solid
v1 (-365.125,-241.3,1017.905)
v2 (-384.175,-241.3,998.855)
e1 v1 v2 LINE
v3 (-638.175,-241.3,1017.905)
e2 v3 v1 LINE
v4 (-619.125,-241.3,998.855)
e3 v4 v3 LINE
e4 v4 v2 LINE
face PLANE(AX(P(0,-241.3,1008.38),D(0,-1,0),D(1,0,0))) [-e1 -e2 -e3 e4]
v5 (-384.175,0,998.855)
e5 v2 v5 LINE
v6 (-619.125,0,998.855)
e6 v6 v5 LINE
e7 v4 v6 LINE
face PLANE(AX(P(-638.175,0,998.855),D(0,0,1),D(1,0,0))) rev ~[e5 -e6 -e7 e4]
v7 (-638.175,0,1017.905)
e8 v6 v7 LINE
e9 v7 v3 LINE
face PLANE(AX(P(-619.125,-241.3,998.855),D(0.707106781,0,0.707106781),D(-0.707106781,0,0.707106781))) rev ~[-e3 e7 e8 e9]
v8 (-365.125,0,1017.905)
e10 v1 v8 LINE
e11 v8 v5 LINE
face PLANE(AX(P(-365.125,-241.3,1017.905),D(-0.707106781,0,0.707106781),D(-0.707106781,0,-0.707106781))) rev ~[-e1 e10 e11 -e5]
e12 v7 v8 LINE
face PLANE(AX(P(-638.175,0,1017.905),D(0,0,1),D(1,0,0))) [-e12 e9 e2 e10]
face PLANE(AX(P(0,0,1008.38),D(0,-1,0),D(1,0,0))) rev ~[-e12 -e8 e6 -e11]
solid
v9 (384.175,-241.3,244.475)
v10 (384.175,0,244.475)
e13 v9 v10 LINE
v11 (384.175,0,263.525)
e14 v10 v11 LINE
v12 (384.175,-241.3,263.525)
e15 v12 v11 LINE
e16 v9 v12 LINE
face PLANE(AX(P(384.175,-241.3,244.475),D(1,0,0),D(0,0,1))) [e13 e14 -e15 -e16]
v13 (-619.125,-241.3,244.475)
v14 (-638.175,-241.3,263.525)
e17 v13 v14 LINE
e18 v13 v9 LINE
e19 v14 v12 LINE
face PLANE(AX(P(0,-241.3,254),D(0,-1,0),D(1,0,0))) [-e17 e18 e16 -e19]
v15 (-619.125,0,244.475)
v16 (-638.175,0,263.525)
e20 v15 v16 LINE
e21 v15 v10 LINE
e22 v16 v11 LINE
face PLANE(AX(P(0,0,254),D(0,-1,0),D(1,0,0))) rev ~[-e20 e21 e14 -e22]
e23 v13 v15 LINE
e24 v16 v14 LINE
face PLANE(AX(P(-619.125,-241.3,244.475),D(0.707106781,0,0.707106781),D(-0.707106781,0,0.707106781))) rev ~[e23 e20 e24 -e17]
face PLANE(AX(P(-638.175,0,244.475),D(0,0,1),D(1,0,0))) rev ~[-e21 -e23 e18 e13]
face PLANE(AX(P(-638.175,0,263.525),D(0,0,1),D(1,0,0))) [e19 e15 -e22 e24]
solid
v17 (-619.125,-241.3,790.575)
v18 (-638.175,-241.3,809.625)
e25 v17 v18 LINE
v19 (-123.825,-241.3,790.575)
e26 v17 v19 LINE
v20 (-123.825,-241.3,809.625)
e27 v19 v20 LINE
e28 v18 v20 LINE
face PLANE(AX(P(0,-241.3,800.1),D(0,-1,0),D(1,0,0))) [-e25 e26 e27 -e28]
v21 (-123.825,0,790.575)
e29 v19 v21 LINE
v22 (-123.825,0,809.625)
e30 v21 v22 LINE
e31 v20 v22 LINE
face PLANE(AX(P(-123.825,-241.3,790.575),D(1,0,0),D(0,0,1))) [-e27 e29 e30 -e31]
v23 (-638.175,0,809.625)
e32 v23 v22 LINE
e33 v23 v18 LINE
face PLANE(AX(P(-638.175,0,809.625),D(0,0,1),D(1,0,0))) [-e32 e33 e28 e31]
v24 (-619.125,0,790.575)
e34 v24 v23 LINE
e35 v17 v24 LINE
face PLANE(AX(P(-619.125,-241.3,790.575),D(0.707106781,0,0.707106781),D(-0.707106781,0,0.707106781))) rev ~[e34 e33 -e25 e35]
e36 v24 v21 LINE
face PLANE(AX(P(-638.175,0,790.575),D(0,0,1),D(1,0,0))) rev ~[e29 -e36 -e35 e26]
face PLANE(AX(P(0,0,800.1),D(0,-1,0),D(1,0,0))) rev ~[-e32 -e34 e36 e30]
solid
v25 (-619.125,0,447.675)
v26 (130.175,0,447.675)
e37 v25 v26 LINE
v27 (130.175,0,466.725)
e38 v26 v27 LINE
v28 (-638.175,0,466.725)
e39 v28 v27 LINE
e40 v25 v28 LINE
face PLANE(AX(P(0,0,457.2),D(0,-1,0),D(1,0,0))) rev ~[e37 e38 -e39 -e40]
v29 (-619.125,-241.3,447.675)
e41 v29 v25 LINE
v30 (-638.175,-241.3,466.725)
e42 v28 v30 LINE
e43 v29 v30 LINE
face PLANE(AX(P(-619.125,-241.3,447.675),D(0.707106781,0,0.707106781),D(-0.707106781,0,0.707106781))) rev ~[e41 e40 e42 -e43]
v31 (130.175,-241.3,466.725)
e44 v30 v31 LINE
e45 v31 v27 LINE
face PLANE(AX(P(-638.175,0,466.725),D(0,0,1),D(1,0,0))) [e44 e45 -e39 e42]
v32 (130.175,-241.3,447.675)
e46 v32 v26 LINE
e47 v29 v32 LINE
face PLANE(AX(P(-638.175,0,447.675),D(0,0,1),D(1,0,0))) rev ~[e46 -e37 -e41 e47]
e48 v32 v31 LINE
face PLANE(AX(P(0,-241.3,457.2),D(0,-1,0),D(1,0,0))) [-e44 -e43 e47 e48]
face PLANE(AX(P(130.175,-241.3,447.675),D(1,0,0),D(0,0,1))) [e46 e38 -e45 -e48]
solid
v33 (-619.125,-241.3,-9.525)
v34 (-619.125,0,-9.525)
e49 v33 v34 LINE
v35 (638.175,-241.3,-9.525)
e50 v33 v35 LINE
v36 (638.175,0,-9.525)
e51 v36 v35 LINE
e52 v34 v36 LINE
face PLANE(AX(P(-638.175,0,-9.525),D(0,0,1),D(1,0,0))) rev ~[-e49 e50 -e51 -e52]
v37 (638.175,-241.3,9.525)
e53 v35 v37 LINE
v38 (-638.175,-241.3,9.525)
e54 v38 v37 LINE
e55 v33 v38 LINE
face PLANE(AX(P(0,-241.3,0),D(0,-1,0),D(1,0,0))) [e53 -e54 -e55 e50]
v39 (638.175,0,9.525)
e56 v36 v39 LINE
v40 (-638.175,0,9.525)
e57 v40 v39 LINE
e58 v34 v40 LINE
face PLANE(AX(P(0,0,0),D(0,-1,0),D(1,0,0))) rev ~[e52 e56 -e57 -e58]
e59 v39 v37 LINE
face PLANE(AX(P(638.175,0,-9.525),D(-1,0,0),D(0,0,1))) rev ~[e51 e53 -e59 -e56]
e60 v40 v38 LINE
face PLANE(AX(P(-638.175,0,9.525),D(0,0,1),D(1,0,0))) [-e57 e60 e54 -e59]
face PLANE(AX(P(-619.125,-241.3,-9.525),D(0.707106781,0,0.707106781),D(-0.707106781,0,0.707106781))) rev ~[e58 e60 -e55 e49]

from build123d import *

# Parameters (mm, degrees)
F0_W      = 1276.35
F0_H      = 19.05
F1_DEPTH  = 241.3
F3_DEPTH  = 241.301
F5_W      = 254
F5_H      = 19.05
F6_DEPTH  = 241.301
F8_W      = 254
F8_H      = 19.05
F9_DEPTH  = 241.301
F11_W     = 254
F11_H     = 19.05
F12_DEPTH = 241.301
F15_DEPTH = 241.301


with BuildPart() as f1:
    # F0 (on Front) → F1 (new body)
    with BuildSketch(Plane.XZ):
        Rectangle(F0_W, F0_H)
    extrude(amount=F1_DEPTH)

    # F2 (on face) → F3 (cut, through all)
    with BuildSketch(Plane.XZ.offset(241.3)):
        Polygon((-619.125, -9.525), (-638.175, 9.525), (-638.175, -9.525), align=None)
    extrude(amount=-F3_DEPTH, mode=Mode.SUBTRACT)


with BuildPart() as f4_1:
    # F4: copy of F1
    add(f1.part.moved(Location((0, 0, 254))))

    # F5 (on face) → F6 (cut, through all)
    with BuildSketch(Plane.XZ.offset(241.3)):
        with Locations((511.175, 254)):
            Rectangle(F5_W, F5_H)
    extrude(amount=-F6_DEPTH, mode=Mode.SUBTRACT)


with BuildPart() as f7_1:
    # F7: copy of F4_1
    add(f4_1.part.moved(Location((0, 0, 203.2))))

    # F8 (on face) → F9 (cut, through all)
    with BuildSketch(Plane.XZ.offset(241.3)):
        with Locations((257.175, 457.2)):
            Rectangle(F8_W, F8_H)
    extrude(amount=-F9_DEPTH, mode=Mode.SUBTRACT)


with BuildPart() as f10_1:
    # F10: copy of F7_1
    add(f7_1.part.moved(Location((0, 0, 342.9))))

    # F11 (on face) → F12 (cut, through all)
    with BuildSketch(Plane.XZ.offset(241.3)):
        with Locations((3.175, 800.1)):
            Rectangle(F11_W, F11_H)
    extrude(amount=-F12_DEPTH, mode=Mode.SUBTRACT)


with BuildPart() as f13_1:
    # F13: copy of F10_1
    add(f10_1.part.moved(Location((0, 0, 208.28))))

    # F14 (on face) → F15 (cut, through all)
    with BuildSketch(Plane.XZ.offset(241.3)):
        Polygon((-365.125, 1017.905), (-384.175, 998.855), (-123.825, 998.855), (-123.825, 1017.905), align=None)
    extrude(amount=-F15_DEPTH, mode=Mode.SUBTRACT)


solid = Compound([f1.part, f4_1.part, f7_1.part, f10_1.part, f13_1.part])
